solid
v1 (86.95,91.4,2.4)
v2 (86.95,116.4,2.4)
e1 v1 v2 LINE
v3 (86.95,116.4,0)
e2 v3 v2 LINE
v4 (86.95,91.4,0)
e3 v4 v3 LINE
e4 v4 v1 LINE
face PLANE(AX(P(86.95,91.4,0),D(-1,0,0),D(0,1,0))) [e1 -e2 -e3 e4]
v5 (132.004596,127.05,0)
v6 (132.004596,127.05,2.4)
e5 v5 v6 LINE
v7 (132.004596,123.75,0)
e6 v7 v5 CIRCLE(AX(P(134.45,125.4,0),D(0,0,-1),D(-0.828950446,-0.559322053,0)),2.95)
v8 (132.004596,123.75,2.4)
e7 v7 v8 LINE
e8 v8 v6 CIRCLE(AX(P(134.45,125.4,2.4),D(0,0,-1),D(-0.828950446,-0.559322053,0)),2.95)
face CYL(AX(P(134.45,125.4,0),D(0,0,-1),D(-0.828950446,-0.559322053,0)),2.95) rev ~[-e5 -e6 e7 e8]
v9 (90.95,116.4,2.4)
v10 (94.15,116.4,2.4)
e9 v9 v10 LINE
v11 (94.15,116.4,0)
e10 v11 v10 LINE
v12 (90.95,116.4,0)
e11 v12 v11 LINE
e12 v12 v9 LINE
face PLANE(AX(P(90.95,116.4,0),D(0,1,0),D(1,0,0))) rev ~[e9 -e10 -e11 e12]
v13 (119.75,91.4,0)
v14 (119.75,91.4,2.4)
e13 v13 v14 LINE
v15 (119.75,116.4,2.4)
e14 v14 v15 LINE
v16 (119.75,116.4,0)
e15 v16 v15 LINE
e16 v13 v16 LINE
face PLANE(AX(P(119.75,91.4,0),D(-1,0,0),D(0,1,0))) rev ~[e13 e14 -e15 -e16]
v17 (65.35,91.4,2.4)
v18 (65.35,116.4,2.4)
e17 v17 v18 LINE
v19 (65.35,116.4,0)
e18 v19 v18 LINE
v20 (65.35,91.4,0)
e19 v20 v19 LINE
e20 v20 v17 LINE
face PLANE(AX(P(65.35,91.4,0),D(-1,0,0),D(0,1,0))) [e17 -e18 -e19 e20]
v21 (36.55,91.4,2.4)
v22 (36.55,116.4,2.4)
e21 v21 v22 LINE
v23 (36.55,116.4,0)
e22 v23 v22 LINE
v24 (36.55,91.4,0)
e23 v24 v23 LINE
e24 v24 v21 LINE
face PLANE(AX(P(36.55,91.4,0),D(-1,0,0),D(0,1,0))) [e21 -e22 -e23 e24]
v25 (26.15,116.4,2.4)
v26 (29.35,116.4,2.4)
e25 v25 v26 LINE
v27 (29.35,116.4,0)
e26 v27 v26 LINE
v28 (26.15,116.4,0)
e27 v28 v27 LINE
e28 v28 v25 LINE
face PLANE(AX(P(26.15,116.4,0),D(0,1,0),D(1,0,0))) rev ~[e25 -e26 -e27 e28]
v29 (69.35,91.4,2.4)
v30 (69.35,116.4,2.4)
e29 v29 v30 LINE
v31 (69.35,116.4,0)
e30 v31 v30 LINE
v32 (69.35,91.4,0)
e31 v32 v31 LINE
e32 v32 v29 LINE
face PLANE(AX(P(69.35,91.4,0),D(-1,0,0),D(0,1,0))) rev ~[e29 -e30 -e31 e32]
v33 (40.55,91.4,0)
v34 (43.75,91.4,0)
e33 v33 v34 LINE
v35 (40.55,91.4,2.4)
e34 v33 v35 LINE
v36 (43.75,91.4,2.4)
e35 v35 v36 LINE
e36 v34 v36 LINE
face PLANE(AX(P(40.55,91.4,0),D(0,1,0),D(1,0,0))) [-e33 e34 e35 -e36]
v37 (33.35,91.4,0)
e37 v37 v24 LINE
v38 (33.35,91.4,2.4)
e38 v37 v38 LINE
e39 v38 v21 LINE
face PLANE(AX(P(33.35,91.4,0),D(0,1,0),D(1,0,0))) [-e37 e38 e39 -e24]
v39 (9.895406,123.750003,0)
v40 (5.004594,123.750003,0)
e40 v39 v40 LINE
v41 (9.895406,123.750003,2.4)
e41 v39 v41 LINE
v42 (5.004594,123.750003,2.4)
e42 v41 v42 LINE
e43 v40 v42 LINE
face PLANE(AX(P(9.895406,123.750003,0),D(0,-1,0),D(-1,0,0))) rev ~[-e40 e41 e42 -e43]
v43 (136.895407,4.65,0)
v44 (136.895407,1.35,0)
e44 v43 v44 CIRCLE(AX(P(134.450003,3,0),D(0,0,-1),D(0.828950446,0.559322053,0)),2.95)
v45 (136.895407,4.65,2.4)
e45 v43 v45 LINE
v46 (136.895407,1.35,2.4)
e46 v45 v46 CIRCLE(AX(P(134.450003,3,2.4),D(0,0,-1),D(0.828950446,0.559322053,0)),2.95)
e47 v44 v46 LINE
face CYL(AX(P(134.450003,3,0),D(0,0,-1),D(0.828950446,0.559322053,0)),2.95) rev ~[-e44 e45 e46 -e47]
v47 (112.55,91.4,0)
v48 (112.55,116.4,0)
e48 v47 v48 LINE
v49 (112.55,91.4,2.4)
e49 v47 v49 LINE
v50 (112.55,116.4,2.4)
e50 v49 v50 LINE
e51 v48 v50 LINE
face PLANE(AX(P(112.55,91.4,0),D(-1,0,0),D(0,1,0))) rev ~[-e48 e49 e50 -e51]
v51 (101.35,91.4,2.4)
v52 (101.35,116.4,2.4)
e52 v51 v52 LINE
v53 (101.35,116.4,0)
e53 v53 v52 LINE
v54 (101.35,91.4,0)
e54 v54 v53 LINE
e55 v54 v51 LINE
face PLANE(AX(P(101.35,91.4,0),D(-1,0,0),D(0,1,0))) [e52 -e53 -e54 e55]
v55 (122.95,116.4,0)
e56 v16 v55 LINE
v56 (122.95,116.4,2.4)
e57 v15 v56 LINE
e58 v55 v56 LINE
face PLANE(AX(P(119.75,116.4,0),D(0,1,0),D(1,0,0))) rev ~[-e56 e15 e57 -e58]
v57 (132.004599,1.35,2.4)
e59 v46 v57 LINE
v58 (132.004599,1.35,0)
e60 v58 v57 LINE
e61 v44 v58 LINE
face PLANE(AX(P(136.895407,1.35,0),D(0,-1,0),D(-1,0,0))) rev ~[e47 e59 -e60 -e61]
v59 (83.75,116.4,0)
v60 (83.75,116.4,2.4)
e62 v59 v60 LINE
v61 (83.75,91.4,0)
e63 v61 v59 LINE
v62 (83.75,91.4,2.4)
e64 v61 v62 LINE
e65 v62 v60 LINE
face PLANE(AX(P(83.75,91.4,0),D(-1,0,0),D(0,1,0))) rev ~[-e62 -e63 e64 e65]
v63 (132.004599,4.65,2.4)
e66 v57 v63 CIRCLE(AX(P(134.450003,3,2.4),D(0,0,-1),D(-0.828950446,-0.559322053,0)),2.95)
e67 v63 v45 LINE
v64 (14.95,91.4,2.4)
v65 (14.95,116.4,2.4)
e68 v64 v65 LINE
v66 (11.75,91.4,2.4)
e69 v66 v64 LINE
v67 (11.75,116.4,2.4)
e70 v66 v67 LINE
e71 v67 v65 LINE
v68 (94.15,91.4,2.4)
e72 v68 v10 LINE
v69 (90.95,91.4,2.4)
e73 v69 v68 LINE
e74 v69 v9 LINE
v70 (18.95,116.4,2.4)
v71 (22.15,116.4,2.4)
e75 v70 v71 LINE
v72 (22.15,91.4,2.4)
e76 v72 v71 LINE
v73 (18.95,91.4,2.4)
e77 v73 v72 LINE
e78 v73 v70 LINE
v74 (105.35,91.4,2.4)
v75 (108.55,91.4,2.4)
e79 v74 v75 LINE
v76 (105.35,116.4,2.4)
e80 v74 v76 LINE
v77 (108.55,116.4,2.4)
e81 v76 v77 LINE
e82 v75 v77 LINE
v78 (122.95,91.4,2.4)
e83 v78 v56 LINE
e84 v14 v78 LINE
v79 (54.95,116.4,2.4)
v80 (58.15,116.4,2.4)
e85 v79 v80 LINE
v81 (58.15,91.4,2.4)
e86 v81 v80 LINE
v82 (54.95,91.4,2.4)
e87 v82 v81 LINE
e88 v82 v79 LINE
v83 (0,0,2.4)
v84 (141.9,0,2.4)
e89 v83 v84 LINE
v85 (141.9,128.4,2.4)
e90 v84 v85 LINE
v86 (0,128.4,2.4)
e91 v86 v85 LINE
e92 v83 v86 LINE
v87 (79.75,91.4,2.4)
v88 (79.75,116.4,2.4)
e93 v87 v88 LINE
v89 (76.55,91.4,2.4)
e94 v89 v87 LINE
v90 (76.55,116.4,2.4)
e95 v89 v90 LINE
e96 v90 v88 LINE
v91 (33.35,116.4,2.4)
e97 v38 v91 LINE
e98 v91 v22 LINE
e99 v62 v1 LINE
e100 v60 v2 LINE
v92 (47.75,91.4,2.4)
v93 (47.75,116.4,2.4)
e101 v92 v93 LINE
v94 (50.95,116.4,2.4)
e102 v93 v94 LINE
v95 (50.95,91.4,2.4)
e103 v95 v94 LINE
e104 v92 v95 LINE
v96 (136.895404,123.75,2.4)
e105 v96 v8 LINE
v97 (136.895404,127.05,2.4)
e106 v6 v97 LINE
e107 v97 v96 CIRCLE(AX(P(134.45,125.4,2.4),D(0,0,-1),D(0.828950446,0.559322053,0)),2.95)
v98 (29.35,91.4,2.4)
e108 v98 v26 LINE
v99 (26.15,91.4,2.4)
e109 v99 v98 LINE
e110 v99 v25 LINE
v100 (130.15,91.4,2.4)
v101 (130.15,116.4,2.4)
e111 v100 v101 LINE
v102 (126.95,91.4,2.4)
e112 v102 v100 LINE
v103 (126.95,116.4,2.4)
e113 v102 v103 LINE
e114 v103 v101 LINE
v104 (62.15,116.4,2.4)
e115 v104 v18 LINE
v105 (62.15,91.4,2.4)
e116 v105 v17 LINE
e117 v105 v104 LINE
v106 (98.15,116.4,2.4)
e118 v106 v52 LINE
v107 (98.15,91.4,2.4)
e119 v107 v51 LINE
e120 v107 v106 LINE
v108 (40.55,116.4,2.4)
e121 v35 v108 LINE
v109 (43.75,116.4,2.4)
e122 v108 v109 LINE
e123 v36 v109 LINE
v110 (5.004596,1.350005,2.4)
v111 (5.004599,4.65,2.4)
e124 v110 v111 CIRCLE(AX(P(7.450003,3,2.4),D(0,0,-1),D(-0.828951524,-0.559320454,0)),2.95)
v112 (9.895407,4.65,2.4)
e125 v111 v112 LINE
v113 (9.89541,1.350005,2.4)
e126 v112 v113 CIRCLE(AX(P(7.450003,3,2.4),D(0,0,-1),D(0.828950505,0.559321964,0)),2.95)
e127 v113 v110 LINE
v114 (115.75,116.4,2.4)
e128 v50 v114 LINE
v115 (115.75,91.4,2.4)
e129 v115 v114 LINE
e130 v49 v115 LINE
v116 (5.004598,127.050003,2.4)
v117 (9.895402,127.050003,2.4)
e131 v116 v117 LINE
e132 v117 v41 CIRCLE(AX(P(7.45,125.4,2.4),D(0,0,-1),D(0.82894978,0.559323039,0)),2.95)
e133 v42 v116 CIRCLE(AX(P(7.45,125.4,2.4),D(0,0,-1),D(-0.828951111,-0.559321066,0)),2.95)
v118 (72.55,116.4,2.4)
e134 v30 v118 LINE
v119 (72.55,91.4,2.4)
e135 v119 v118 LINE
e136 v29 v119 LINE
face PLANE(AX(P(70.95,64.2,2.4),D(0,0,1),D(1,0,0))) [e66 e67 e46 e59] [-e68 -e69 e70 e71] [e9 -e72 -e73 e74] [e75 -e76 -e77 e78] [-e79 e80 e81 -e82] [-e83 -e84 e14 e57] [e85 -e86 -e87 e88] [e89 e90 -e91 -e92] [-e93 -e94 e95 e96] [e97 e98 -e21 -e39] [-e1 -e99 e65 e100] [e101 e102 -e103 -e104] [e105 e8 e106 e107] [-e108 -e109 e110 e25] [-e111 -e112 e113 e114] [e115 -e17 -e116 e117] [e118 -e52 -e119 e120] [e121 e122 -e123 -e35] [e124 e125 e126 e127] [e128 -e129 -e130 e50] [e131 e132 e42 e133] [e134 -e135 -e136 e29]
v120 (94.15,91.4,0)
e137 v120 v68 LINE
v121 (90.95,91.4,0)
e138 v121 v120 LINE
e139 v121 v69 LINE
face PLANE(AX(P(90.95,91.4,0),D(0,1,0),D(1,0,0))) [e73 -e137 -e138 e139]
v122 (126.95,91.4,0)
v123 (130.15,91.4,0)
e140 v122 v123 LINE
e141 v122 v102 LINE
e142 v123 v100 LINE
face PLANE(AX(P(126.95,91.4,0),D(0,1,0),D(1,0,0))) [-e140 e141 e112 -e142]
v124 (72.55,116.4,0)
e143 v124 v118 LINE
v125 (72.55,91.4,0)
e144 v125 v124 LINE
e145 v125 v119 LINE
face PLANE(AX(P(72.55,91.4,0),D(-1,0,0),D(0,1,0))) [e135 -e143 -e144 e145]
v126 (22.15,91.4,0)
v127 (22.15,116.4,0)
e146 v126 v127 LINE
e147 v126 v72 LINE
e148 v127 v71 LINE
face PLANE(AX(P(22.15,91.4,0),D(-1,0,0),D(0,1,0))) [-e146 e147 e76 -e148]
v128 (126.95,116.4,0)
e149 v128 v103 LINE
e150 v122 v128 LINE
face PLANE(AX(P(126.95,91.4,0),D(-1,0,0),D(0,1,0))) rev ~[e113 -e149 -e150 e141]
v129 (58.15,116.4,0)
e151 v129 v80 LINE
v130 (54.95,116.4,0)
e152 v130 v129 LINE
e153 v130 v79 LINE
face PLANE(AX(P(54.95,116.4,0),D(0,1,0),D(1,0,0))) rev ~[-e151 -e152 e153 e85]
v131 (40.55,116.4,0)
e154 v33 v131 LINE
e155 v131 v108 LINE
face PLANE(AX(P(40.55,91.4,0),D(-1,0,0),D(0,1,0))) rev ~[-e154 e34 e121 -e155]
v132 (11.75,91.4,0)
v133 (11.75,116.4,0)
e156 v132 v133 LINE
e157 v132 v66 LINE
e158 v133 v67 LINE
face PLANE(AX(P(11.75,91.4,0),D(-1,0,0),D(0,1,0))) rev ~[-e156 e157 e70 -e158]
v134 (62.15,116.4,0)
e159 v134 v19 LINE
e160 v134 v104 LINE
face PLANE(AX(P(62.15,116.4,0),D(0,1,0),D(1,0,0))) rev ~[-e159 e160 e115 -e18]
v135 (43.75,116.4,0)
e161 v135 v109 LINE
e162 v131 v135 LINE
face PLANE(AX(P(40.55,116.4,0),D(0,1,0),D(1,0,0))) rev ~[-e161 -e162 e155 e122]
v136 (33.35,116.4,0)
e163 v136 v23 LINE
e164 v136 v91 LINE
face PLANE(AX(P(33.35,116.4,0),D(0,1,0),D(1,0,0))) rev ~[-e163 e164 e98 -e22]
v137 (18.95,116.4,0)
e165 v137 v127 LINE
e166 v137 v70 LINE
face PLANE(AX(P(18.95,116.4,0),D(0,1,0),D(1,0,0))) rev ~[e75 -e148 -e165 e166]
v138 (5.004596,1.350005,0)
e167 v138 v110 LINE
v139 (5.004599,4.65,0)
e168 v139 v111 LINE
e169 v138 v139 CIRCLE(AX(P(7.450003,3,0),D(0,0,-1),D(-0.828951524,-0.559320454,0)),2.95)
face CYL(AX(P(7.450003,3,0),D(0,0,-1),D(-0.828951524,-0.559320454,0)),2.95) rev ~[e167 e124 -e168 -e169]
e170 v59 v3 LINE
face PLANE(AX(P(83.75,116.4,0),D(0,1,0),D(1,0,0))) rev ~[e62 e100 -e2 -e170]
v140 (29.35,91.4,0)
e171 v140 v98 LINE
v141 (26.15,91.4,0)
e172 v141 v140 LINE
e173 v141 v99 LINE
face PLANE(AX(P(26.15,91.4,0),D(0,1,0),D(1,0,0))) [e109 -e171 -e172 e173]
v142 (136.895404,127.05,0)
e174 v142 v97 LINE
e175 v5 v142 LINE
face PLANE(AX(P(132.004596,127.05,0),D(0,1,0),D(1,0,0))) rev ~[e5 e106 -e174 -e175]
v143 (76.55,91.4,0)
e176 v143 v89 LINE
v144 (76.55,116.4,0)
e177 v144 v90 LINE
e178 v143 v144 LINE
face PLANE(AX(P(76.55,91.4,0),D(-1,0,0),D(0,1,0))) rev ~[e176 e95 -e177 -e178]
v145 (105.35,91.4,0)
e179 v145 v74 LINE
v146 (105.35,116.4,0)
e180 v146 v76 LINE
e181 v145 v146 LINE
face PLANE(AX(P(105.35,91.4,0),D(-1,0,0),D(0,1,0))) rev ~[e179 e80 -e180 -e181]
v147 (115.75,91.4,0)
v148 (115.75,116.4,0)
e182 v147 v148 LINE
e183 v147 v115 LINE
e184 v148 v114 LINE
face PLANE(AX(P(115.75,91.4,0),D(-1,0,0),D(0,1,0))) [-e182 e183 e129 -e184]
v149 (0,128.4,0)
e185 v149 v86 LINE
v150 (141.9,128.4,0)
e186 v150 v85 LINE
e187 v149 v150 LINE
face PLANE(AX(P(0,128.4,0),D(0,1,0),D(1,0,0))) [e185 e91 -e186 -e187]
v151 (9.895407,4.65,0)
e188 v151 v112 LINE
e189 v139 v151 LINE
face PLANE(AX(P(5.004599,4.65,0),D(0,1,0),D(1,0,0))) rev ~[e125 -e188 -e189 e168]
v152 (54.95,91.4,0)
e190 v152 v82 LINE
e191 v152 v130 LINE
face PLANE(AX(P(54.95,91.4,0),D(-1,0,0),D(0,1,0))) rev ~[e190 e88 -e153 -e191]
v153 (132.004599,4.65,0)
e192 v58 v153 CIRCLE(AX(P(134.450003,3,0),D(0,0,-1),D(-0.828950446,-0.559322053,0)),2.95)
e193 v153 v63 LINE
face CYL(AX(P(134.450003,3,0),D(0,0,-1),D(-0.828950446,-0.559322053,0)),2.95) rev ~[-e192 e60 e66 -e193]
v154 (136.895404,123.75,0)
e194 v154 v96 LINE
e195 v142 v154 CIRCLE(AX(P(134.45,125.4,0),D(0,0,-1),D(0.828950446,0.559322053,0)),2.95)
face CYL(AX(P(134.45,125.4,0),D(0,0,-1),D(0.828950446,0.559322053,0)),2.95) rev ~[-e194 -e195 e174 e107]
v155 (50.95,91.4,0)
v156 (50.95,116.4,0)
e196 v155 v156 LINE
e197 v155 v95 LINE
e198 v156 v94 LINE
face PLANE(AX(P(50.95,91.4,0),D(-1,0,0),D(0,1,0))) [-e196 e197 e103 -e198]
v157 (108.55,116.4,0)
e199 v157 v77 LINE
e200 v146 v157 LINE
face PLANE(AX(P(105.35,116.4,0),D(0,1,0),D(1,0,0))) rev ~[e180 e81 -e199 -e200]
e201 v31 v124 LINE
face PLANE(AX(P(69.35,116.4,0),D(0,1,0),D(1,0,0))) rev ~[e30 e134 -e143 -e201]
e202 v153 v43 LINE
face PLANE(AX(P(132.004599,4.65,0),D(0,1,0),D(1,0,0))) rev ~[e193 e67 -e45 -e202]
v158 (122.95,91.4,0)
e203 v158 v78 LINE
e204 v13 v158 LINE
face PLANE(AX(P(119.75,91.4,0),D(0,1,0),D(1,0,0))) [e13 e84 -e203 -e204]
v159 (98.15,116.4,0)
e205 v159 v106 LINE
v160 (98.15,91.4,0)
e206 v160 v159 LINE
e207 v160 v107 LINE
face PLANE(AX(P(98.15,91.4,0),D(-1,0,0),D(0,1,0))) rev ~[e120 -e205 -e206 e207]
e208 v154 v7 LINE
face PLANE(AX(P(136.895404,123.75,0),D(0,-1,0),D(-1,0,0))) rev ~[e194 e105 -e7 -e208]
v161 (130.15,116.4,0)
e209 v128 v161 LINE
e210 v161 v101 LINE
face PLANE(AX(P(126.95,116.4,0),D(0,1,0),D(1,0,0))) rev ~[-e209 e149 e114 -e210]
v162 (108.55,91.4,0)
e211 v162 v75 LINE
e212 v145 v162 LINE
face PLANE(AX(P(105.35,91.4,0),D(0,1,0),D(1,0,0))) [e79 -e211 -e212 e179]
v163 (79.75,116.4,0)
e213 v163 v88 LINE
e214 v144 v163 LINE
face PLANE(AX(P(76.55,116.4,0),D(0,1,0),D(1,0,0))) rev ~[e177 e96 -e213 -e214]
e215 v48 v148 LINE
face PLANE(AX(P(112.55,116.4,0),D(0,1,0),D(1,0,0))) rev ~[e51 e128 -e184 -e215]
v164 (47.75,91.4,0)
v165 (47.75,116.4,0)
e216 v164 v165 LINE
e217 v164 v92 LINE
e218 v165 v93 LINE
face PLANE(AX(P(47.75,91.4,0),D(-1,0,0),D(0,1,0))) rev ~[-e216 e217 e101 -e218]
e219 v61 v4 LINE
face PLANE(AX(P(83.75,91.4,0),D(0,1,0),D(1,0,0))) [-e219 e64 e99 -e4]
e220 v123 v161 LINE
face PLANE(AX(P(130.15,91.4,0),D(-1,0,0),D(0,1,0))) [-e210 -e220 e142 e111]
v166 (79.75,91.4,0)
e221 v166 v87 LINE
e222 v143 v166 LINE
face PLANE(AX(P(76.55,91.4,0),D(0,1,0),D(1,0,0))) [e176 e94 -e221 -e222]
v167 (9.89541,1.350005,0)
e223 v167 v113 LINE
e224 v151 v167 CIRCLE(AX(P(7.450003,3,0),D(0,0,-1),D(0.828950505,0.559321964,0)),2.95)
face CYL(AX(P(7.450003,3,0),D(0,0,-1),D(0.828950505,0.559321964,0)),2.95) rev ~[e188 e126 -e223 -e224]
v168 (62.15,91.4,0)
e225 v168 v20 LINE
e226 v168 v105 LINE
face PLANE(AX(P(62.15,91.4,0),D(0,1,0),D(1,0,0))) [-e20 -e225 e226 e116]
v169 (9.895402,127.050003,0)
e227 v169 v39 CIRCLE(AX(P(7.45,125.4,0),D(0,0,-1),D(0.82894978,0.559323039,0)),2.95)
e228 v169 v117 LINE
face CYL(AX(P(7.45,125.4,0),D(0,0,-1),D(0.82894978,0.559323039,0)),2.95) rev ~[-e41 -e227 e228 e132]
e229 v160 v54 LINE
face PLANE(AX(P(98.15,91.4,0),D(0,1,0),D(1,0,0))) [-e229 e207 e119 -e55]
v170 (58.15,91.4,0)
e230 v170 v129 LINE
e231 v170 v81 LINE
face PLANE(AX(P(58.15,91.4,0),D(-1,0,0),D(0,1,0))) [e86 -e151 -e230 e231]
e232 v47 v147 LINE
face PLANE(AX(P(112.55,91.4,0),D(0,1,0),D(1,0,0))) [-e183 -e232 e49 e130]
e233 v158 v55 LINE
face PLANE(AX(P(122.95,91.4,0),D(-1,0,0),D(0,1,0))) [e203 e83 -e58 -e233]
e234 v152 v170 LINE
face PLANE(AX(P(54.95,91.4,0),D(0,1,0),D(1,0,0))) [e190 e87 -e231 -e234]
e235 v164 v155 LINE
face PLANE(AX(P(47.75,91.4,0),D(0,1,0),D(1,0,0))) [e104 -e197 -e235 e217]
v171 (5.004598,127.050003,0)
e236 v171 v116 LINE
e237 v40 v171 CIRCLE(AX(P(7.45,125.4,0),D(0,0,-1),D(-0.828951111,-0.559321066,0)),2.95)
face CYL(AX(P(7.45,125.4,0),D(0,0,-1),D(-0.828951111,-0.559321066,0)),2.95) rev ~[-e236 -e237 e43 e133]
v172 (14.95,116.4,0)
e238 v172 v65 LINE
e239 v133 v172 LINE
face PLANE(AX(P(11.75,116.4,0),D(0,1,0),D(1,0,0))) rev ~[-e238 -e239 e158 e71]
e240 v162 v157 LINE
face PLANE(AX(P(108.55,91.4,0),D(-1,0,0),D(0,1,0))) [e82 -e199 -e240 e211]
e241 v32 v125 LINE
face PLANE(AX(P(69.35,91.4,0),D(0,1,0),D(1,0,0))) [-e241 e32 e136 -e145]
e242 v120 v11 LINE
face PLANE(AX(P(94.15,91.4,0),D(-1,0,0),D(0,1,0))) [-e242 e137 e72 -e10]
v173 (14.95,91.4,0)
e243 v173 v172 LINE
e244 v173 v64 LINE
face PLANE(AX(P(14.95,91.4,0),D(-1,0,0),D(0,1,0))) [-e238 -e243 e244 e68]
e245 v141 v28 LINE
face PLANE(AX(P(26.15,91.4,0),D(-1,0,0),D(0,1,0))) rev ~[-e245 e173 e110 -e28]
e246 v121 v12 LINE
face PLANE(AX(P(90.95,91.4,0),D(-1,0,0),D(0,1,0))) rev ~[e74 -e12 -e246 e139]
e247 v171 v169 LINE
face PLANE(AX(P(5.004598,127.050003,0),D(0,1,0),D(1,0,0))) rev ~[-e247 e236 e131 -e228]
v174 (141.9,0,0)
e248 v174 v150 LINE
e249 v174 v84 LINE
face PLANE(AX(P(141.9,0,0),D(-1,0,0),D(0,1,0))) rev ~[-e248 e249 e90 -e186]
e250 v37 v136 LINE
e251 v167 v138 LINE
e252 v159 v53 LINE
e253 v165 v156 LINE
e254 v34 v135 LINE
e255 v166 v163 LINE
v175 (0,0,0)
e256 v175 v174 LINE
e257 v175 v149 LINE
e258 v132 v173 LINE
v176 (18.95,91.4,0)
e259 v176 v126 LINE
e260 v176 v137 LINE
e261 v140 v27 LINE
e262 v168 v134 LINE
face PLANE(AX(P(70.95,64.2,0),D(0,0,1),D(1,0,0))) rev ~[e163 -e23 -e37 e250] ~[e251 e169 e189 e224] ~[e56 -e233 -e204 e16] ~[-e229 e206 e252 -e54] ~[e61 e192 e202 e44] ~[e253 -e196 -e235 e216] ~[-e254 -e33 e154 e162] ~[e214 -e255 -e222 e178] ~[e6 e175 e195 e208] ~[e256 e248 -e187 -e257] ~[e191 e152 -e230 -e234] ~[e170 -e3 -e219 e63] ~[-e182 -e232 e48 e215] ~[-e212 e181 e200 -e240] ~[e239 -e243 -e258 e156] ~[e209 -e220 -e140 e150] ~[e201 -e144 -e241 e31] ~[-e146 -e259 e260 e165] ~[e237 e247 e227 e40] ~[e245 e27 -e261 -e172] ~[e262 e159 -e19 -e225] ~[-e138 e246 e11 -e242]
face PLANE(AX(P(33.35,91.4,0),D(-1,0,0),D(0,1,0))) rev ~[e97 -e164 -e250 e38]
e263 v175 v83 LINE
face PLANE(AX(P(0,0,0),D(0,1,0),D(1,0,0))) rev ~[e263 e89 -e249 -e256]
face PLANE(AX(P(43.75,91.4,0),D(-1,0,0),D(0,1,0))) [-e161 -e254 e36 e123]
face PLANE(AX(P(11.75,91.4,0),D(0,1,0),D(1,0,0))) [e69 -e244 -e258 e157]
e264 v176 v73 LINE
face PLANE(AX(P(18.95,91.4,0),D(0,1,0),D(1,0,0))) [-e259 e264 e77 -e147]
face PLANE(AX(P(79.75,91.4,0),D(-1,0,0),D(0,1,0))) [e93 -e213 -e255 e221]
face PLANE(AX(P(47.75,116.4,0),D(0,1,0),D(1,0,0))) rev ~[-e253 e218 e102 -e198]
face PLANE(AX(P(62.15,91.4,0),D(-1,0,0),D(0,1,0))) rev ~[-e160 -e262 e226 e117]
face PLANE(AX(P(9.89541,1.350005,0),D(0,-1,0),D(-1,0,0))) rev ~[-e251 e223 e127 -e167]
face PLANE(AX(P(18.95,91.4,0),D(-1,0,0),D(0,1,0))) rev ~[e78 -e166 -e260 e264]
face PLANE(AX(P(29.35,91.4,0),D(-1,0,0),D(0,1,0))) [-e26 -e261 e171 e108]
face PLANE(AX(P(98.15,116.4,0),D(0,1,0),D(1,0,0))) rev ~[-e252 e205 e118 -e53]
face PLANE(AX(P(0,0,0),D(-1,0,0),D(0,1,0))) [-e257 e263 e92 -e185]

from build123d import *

# Parameters (mm, degrees)
MODEL_W            = 141.9
MODEL_H            = 128.4
MODEL_W_2          = 3.2
MODEL_H_2          = 25
BOSS_EXTRU_1_DEPTH = 2.4


with BuildPart() as part:
    # Model → Boss.-Extru.1 (new body)
    with BuildSketch(Plane.XY):
        with Locations((70.95, 64.2)):
            Rectangle(MODEL_W, MODEL_H)
        with BuildLine():
            Line((9.895405778, 123.750002855), (5.004594222, 123.750002855))
            ThreePointArc((5.004594222, 123.750002855), (4.5, 125.40000351), (5.004598148, 127.050002965))
            Line((5.004598148, 127.050002965), (9.895401852, 127.050002965))
            ThreePointArc((9.895401852, 127.050002965), (10.4, 125.40000351), (9.895405778, 123.750002855))
        make_face(mode=Mode.SUBTRACT)
        with BuildLine():
            Line((9.895410076, 1.350004659), (5.004596084, 1.350004659))
            ThreePointArc((5.004596084, 1.350004659), (4.50000308, 3.000002686), (5.004599089, 4.649999794))
            Line((5.004599089, 4.649999794), (9.895407071, 4.649999794))
            ThreePointArc((9.895407071, 4.649999794), (10.40000308, 3.000002686), (9.895410076, 1.350004659))
        make_face(mode=Mode.SUBTRACT)
        with BuildLine():
            Line((136.895403815, 123.749999945), (132.004596185, 123.749999945))
            ThreePointArc((132.004596185, 123.749999945), (131.5, 125.4), (132.004596185, 127.050000055))
            Line((132.004596185, 127.050000055), (136.895403815, 127.050000055))
            ThreePointArc((136.895403815, 127.050000055), (137.4, 125.4), (136.895403815, 123.749999945))
        make_face(mode=Mode.SUBTRACT)
        with BuildLine():
            Line((136.895406895, 1.349999945), (132.004599265, 1.349999945))
            ThreePointArc((132.004599265, 1.349999945), (131.50000308, 3), (132.004599265, 4.650000055))
            Line((132.004599265, 4.650000055), (136.895406895, 4.650000055))
            ThreePointArc((136.895406895, 4.650000055), (137.40000308, 3), (136.895406895, 1.349999945))
        make_face(mode=Mode.SUBTRACT)
        with Locations((13.35, 103.9)):
            Rectangle(MODEL_W_2, MODEL_H_2, mode=Mode.SUBTRACT)
        with Locations((20.55, 103.9)):
            Rectangle(MODEL_W_2, MODEL_H_2, mode=Mode.SUBTRACT)
        with Locations((27.75, 103.9)):
            Rectangle(MODEL_W_2, MODEL_H_2, mode=Mode.SUBTRACT)
        with Locations((34.95, 103.9)):
            Rectangle(MODEL_W_2, MODEL_H_2, mode=Mode.SUBTRACT)
        with Locations((42.15, 103.9)):
            Rectangle(MODEL_W_2, MODEL_H_2, mode=Mode.SUBTRACT)
        with Locations((49.35, 103.9)):
            Rectangle(MODEL_W_2, MODEL_H_2, mode=Mode.SUBTRACT)
        with Locations((56.55, 103.9)):
            Rectangle(MODEL_W_2, MODEL_H_2, mode=Mode.SUBTRACT)
        with Locations((63.75, 103.9)):
            Rectangle(MODEL_W_2, MODEL_H_2, mode=Mode.SUBTRACT)
        with Locations((70.95, 103.9)):
            Rectangle(MODEL_W_2, MODEL_H_2, mode=Mode.SUBTRACT)
        with Locations((78.15, 103.9)):
            Rectangle(MODEL_W_2, MODEL_H_2, mode=Mode.SUBTRACT)
        with Locations((85.35, 103.9)):
            Rectangle(MODEL_W_2, MODEL_H_2, mode=Mode.SUBTRACT)
        with Locations((92.55, 103.9)):
            Rectangle(MODEL_W_2, MODEL_H_2, mode=Mode.SUBTRACT)
        with Locations((99.75, 103.9)):
            Rectangle(MODEL_W_2, MODEL_H_2, mode=Mode.SUBTRACT)
        with Locations((106.95, 103.9)):
            Rectangle(MODEL_W_2, MODEL_H_2, mode=Mode.SUBTRACT)
        with Locations((114.15, 103.9)):
            Rectangle(MODEL_W_2, MODEL_H_2, mode=Mode.SUBTRACT)
        with Locations((121.35, 103.9)):
            Rectangle(MODEL_W_2, MODEL_H_2, mode=Mode.SUBTRACT)
        with Locations((128.55, 103.9)):
            Rectangle(MODEL_W_2, MODEL_H_2, mode=Mode.SUBTRACT)
    extrude(amount=BOSS_EXTRU_1_DEPTH)


solid = part.part
